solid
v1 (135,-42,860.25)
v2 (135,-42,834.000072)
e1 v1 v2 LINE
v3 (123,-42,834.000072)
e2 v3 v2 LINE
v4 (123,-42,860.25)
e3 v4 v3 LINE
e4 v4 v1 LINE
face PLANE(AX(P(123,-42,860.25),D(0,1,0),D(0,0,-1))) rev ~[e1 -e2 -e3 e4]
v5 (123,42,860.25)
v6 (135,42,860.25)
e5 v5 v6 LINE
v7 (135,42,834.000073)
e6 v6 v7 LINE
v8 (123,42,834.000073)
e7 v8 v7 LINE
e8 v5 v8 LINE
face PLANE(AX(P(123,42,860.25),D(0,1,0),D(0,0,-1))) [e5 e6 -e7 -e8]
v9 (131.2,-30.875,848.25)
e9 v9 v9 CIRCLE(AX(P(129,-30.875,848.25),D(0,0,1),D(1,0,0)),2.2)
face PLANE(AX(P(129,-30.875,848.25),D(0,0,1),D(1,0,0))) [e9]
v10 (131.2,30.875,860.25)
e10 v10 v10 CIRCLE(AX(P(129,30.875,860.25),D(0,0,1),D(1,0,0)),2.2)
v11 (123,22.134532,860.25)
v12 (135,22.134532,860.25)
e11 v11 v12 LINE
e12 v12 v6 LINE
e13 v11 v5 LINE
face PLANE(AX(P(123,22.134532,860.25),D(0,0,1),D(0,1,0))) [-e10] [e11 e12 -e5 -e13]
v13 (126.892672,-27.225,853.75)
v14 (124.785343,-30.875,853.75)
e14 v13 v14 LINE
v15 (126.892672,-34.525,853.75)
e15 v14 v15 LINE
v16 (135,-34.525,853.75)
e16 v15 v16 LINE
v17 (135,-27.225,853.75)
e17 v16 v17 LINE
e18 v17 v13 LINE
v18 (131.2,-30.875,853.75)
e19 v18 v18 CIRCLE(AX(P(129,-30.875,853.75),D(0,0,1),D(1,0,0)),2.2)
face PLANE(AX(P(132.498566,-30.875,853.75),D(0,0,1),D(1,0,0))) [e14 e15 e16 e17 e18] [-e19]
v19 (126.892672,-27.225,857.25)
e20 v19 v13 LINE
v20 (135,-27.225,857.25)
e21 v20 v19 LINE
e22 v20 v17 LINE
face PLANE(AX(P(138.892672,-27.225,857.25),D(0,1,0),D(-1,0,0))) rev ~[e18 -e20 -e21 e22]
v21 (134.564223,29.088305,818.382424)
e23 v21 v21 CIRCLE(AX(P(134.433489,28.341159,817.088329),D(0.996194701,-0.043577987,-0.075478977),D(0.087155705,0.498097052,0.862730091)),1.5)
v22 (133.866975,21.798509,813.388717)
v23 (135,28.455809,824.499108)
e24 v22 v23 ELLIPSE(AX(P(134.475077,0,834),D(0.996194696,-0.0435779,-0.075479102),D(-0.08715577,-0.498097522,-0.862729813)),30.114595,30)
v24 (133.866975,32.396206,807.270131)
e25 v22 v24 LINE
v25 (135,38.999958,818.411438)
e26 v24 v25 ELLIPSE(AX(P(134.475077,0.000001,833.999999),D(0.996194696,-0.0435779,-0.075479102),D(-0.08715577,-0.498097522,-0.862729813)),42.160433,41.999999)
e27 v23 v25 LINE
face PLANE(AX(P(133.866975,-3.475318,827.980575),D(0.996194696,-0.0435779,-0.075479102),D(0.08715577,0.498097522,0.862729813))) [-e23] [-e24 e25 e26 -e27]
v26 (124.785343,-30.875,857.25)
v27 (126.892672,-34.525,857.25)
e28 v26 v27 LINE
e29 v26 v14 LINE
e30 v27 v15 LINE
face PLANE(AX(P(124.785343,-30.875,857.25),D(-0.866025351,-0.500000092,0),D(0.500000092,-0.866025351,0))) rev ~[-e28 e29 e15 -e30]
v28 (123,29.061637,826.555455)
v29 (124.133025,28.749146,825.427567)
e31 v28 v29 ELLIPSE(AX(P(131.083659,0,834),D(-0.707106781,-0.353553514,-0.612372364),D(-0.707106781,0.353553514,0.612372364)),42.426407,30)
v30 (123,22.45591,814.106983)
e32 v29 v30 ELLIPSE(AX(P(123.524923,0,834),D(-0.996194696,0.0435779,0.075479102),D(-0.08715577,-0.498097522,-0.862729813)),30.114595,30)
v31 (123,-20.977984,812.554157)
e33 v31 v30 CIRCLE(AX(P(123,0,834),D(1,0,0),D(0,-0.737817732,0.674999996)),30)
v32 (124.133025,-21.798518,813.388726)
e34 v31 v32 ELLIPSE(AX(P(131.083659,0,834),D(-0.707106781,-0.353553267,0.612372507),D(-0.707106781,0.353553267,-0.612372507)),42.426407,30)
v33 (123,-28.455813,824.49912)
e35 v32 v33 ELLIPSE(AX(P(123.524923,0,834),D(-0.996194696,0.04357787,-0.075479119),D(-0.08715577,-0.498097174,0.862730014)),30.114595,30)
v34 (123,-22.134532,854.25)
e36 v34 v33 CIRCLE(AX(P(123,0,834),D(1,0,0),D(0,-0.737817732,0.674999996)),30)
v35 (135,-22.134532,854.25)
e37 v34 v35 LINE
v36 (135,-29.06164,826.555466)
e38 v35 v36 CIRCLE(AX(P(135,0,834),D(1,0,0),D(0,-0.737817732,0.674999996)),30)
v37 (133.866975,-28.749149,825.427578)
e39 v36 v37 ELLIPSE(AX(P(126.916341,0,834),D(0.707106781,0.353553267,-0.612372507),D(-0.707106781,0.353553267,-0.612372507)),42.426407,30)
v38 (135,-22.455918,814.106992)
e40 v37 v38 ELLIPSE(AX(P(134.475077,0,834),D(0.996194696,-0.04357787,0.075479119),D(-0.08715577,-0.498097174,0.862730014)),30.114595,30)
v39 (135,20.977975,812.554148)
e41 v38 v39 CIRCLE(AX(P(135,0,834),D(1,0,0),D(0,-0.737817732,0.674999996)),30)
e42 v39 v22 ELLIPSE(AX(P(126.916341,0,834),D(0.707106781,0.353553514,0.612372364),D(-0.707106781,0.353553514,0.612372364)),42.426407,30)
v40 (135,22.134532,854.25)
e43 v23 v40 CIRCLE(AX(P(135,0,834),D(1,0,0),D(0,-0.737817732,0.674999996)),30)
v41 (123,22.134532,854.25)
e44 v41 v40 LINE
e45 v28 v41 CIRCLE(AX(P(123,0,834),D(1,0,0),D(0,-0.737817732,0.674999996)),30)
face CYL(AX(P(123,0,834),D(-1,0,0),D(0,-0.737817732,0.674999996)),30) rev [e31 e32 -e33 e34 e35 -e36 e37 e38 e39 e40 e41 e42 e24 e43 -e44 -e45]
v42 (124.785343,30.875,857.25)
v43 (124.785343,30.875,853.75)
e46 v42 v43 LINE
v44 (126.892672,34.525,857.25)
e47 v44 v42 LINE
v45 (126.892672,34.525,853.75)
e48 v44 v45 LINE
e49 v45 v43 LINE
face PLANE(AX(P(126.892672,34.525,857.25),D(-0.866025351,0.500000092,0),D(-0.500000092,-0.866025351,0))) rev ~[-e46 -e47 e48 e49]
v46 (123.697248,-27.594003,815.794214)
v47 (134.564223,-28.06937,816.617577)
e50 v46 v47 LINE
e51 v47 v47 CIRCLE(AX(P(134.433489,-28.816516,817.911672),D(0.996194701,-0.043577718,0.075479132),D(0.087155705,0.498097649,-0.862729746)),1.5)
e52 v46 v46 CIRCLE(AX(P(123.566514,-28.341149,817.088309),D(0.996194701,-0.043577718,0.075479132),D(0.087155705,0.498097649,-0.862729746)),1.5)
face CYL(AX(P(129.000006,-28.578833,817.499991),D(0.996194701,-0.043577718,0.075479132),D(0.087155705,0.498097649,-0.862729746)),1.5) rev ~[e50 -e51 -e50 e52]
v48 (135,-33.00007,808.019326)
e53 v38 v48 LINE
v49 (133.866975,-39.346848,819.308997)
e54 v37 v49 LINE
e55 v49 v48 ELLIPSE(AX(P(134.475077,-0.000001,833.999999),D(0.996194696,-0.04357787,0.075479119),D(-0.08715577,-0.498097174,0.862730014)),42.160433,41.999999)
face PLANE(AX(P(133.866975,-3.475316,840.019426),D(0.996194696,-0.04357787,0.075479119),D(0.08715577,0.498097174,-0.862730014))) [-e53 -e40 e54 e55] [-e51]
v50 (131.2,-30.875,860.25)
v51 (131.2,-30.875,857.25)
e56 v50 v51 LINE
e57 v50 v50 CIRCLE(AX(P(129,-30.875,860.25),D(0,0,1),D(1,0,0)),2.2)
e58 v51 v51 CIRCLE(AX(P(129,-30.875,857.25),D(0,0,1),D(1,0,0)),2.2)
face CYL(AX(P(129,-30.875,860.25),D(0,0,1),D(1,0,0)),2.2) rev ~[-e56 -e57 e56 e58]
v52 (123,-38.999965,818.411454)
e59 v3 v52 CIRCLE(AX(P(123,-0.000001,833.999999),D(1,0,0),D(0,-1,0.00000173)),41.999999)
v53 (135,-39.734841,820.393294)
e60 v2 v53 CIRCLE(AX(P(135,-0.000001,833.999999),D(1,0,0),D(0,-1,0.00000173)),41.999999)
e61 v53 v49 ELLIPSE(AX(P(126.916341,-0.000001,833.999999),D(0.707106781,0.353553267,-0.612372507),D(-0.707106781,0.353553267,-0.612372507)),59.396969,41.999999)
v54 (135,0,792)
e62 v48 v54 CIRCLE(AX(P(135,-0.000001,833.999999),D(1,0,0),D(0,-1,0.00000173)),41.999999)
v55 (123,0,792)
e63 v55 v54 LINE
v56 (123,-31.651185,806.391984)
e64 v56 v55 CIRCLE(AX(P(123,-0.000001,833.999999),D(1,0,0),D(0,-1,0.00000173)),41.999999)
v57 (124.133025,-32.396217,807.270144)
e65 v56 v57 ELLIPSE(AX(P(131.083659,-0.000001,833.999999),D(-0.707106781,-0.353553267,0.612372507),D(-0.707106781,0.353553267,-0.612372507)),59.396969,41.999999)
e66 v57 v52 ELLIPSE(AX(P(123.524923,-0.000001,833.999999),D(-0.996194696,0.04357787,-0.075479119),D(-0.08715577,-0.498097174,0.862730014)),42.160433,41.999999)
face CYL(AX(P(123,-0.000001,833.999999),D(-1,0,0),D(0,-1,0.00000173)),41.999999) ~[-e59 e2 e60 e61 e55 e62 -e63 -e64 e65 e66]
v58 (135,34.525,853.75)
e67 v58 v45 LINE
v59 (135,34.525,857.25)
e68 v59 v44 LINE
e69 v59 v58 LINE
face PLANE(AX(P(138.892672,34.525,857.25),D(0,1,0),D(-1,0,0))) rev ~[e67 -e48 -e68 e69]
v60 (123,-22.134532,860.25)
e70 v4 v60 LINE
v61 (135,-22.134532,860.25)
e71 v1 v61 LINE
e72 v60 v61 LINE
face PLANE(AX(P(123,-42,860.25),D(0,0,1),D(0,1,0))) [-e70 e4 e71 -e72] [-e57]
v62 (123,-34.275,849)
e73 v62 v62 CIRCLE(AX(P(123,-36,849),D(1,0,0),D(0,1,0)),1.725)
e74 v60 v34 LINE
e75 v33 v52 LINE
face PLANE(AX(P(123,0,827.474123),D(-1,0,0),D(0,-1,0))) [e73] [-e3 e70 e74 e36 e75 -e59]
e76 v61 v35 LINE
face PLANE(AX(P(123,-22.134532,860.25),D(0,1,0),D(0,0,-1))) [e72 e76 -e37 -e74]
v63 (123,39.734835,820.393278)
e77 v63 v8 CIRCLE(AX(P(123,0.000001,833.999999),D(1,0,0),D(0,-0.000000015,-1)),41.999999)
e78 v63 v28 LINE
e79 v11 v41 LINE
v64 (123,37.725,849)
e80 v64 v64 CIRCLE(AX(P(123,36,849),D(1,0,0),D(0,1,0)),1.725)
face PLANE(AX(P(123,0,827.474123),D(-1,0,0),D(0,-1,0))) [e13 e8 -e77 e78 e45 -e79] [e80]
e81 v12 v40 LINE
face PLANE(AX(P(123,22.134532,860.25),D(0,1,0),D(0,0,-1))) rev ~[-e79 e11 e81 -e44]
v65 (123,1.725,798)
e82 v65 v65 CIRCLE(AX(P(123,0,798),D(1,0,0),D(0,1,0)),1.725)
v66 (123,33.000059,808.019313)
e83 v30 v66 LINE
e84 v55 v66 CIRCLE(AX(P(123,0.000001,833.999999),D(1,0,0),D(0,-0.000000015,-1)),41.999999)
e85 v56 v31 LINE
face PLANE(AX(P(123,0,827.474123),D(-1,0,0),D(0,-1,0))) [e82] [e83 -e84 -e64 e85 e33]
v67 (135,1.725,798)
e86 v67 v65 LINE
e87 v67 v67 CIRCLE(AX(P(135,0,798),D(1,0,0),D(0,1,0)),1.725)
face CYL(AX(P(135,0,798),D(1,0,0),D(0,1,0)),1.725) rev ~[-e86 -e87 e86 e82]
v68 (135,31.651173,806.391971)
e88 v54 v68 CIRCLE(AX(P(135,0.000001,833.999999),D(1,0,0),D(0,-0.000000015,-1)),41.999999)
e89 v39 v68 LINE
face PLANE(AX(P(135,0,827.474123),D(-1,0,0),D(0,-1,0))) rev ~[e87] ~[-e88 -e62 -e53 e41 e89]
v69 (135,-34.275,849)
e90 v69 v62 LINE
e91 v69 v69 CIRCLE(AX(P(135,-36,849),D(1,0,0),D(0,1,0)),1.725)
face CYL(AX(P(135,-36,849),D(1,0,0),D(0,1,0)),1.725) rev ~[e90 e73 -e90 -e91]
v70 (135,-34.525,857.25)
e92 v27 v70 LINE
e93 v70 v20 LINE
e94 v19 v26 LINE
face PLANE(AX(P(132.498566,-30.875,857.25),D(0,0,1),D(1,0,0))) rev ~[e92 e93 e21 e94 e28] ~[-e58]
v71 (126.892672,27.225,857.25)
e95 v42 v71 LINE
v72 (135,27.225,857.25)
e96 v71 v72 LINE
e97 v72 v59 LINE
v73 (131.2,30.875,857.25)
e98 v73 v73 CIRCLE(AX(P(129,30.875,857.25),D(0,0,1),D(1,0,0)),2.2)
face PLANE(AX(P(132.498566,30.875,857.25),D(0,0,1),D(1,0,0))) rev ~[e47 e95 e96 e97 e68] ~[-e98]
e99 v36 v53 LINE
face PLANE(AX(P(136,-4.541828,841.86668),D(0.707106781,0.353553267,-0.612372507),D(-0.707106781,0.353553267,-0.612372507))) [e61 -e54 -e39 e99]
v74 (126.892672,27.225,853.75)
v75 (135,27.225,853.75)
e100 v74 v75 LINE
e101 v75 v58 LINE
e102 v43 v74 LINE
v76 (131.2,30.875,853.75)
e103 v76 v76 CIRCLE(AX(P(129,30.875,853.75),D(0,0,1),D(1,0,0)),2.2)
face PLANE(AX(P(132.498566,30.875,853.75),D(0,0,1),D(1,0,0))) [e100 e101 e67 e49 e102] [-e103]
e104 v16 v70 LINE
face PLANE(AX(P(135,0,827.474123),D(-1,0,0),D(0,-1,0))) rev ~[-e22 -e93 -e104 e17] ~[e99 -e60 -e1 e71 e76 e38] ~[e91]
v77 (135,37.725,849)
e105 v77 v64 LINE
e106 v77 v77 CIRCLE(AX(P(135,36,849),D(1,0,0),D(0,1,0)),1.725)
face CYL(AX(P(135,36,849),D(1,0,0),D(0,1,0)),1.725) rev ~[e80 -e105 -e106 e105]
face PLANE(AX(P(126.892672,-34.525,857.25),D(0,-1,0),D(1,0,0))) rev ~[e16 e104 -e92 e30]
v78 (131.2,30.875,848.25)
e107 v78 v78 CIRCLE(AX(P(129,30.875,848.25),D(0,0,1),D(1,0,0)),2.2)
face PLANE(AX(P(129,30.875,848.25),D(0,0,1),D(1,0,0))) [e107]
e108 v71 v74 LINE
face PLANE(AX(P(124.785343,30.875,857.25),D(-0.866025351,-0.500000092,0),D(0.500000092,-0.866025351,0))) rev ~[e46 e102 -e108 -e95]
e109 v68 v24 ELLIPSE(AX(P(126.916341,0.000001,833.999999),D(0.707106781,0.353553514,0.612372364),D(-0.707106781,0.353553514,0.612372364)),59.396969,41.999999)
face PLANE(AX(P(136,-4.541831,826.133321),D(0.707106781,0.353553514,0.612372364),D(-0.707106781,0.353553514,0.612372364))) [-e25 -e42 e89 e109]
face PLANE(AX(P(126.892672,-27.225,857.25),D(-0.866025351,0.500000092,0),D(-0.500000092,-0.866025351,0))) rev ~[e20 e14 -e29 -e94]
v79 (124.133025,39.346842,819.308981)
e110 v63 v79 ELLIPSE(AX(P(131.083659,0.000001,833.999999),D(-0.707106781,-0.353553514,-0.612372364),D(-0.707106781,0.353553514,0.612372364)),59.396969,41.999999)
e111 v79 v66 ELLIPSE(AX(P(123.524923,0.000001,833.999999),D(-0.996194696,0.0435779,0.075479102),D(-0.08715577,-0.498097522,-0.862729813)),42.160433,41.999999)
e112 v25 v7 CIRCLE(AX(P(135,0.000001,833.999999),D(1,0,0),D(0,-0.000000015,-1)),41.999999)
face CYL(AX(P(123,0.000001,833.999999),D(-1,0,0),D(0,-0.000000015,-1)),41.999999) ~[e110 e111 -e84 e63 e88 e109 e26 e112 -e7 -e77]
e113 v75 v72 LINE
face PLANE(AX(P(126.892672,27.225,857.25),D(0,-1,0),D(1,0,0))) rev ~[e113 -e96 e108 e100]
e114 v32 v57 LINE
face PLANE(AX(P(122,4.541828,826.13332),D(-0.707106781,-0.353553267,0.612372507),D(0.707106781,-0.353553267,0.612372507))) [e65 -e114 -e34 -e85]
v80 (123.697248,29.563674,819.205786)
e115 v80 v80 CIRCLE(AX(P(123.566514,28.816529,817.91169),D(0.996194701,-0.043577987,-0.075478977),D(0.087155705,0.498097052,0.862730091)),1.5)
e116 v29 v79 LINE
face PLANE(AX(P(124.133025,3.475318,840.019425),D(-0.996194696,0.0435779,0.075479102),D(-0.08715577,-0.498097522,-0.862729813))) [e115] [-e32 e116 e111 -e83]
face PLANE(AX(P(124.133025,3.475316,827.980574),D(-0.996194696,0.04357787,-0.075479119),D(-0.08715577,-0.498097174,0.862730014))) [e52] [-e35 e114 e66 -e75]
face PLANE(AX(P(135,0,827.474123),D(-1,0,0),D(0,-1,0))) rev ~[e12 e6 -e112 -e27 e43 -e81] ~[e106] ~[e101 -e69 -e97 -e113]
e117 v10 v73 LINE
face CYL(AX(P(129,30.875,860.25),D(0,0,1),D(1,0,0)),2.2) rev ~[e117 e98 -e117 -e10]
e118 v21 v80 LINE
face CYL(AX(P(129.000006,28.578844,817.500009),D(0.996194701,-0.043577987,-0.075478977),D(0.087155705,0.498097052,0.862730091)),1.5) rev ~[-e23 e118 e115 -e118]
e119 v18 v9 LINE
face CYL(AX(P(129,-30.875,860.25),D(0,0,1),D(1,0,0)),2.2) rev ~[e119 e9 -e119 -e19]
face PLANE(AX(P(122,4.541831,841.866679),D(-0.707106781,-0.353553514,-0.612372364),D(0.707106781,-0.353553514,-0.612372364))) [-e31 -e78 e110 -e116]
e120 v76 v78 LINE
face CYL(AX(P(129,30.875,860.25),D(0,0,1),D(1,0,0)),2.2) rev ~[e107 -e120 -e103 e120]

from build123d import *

# Parameters (mm, degrees)
PAD006_DEPTH          = 12
SKETCH077_R           = 1.725
HOLE036_DEPTH         = 12.001
SKETCH067_R           = 2.2
POCKET040_DEPTH       = 12
POCKET041_DEPTH       = 3.5
SKETCH027_R           = 1.5
POCKET042_DEPTH       = 227.579227
POCKET042_DEPTH_BACK  = 228.768023
POCKET043_DEPTH       = 275.16353
POLARPATTERN003_COUNT = 2
POLARPATTERN003_ANGLE = 240


with BuildPart() as part:
    # Sketch021 → Pad006 (new body)
    with BuildSketch(Plane.YZ):
        with BuildLine():
            Line((-42, 26.25), (-22.134532, 26.25))
            Line((-22.134532, 26.25), (-22.134532, 20.25))
            ThreePointArc((-22.134532, 20.25), (0, -30), (22.134532, 20.25))
            Line((22.134532, 26.25), (22.134532, 20.25))
            Line((22.134532, 26.25), (42, 26.25))
            Line((42, 26.25), (42, 7.3e-05))
            ThreePointArc((0, -42), (29.698511, -29.698459), (42, 7.3e-05))
            ThreePointArc((-42, 7.2e-05), (-29.69851, -29.69846), (0, -42))
            Line((-42, 26.25), (-42, 7.2e-05))
        make_face()
    extrude(amount=PAD006_DEPTH)

    # Sketch077 (on DatumPlane) → Hole036 (cut, through all)
    with BuildSketch(Plane.YZ.offset(12)):
        with Locations((0, -36)):
            Circle(SKETCH077_R)
        with Locations((-36, 15)):
            Circle(SKETCH077_R)
        with Locations((36, 15)):
            Circle(SKETCH077_R)
    extrude(amount=-HOLE036_DEPTH, mode=Mode.SUBTRACT)

    # Sketch067 (on DatumPlane) → Pocket040 (cut)
    with BuildSketch(Plane(origin=(6, 0, 26.25), x_dir=(1, 0, 0), z_dir=(0, 0, 1))):
        with Locations((0, 30.875)):
            Circle(SKETCH067_R)
        with Locations((0, -30.875)):
            Circle(SKETCH067_R)
    extrude(amount=-POCKET040_DEPTH, mode=Mode.SUBTRACT)

    # Sketch068 (on DatumPlane) → Pocket041 (cut)
    with BuildSketch(Plane(origin=(6, 0, 23.25), x_dir=(1, 0, 0), z_dir=(0, 0, 1))):
        Polygon((-2.107328, -27.225), (-4.214657, -30.875), (-2.107328, -34.525), (9.892672, -34.525), (9.892672, -27.225), align=None)
        Polygon((-2.107328, 34.525), (-4.214657, 30.875), (-2.107328, 27.225), (9.892672, 27.225), (9.892672, 34.525), align=None)
    extrude(amount=-POCKET041_DEPTH, mode=Mode.SUBTRACT)

    # Sketch027 (on DatumPlane) → Pocket042 (cut, two sides)
    with BuildSketch(Plane(origin=(6, 0, 0), x_dir=(0.087156, 0.498097, 0.86273), z_dir=(0.996195, -0.043578, -0.075479))) as pocket042_sk:
        with Locations((0, -33)):
            Circle(SKETCH027_R)
    pocket042 = extrude(amount=-POCKET042_DEPTH, mode=Mode.SUBTRACT) + extrude(pocket042_sk.sketch, amount=POCKET042_DEPTH_BACK, mode=Mode.SUBTRACT)

    # Sketch066 (on DatumPlane) → Pocket043 (cut, through all)
    with BuildSketch(Plane(origin=(6, 0, 0), x_dir=(1, 0, 0), z_dir=(0, -0.866025, 0.5))):
        Polygon((6, 5.999897), (7, 5.999897), (7, -9.083659), (4.866975, -6.950634), align=None)
        Polygon((-7, 9.083659), (-4.866975, 6.950634), (-6, -5.999897), (-7, -5.999897), align=None)
    pocket043 = extrude(amount=-POCKET043_DEPTH, mode=Mode.SUBTRACT)

    # PolarPattern003: Pocket043, Pocket042 ×2 about axis
    polarpattern003_axis = Axis((0, 0, 0), (1, 0, 0))
    for i in range(1, POLARPATTERN003_COUNT):
        add(pocket043.rotate(polarpattern003_axis, i * POLARPATTERN003_ANGLE / (POLARPATTERN003_COUNT - 1)), mode=Mode.SUBTRACT)
        add(pocket042.rotate(polarpattern003_axis, i * POLARPATTERN003_ANGLE / (POLARPATTERN003_COUNT - 1)), mode=Mode.SUBTRACT)


with BuildPart() as part_1:
    # Body022004 placement: moved
    add(part.part.moved(Location((123, 0, 834))))


solid = part_1.part
